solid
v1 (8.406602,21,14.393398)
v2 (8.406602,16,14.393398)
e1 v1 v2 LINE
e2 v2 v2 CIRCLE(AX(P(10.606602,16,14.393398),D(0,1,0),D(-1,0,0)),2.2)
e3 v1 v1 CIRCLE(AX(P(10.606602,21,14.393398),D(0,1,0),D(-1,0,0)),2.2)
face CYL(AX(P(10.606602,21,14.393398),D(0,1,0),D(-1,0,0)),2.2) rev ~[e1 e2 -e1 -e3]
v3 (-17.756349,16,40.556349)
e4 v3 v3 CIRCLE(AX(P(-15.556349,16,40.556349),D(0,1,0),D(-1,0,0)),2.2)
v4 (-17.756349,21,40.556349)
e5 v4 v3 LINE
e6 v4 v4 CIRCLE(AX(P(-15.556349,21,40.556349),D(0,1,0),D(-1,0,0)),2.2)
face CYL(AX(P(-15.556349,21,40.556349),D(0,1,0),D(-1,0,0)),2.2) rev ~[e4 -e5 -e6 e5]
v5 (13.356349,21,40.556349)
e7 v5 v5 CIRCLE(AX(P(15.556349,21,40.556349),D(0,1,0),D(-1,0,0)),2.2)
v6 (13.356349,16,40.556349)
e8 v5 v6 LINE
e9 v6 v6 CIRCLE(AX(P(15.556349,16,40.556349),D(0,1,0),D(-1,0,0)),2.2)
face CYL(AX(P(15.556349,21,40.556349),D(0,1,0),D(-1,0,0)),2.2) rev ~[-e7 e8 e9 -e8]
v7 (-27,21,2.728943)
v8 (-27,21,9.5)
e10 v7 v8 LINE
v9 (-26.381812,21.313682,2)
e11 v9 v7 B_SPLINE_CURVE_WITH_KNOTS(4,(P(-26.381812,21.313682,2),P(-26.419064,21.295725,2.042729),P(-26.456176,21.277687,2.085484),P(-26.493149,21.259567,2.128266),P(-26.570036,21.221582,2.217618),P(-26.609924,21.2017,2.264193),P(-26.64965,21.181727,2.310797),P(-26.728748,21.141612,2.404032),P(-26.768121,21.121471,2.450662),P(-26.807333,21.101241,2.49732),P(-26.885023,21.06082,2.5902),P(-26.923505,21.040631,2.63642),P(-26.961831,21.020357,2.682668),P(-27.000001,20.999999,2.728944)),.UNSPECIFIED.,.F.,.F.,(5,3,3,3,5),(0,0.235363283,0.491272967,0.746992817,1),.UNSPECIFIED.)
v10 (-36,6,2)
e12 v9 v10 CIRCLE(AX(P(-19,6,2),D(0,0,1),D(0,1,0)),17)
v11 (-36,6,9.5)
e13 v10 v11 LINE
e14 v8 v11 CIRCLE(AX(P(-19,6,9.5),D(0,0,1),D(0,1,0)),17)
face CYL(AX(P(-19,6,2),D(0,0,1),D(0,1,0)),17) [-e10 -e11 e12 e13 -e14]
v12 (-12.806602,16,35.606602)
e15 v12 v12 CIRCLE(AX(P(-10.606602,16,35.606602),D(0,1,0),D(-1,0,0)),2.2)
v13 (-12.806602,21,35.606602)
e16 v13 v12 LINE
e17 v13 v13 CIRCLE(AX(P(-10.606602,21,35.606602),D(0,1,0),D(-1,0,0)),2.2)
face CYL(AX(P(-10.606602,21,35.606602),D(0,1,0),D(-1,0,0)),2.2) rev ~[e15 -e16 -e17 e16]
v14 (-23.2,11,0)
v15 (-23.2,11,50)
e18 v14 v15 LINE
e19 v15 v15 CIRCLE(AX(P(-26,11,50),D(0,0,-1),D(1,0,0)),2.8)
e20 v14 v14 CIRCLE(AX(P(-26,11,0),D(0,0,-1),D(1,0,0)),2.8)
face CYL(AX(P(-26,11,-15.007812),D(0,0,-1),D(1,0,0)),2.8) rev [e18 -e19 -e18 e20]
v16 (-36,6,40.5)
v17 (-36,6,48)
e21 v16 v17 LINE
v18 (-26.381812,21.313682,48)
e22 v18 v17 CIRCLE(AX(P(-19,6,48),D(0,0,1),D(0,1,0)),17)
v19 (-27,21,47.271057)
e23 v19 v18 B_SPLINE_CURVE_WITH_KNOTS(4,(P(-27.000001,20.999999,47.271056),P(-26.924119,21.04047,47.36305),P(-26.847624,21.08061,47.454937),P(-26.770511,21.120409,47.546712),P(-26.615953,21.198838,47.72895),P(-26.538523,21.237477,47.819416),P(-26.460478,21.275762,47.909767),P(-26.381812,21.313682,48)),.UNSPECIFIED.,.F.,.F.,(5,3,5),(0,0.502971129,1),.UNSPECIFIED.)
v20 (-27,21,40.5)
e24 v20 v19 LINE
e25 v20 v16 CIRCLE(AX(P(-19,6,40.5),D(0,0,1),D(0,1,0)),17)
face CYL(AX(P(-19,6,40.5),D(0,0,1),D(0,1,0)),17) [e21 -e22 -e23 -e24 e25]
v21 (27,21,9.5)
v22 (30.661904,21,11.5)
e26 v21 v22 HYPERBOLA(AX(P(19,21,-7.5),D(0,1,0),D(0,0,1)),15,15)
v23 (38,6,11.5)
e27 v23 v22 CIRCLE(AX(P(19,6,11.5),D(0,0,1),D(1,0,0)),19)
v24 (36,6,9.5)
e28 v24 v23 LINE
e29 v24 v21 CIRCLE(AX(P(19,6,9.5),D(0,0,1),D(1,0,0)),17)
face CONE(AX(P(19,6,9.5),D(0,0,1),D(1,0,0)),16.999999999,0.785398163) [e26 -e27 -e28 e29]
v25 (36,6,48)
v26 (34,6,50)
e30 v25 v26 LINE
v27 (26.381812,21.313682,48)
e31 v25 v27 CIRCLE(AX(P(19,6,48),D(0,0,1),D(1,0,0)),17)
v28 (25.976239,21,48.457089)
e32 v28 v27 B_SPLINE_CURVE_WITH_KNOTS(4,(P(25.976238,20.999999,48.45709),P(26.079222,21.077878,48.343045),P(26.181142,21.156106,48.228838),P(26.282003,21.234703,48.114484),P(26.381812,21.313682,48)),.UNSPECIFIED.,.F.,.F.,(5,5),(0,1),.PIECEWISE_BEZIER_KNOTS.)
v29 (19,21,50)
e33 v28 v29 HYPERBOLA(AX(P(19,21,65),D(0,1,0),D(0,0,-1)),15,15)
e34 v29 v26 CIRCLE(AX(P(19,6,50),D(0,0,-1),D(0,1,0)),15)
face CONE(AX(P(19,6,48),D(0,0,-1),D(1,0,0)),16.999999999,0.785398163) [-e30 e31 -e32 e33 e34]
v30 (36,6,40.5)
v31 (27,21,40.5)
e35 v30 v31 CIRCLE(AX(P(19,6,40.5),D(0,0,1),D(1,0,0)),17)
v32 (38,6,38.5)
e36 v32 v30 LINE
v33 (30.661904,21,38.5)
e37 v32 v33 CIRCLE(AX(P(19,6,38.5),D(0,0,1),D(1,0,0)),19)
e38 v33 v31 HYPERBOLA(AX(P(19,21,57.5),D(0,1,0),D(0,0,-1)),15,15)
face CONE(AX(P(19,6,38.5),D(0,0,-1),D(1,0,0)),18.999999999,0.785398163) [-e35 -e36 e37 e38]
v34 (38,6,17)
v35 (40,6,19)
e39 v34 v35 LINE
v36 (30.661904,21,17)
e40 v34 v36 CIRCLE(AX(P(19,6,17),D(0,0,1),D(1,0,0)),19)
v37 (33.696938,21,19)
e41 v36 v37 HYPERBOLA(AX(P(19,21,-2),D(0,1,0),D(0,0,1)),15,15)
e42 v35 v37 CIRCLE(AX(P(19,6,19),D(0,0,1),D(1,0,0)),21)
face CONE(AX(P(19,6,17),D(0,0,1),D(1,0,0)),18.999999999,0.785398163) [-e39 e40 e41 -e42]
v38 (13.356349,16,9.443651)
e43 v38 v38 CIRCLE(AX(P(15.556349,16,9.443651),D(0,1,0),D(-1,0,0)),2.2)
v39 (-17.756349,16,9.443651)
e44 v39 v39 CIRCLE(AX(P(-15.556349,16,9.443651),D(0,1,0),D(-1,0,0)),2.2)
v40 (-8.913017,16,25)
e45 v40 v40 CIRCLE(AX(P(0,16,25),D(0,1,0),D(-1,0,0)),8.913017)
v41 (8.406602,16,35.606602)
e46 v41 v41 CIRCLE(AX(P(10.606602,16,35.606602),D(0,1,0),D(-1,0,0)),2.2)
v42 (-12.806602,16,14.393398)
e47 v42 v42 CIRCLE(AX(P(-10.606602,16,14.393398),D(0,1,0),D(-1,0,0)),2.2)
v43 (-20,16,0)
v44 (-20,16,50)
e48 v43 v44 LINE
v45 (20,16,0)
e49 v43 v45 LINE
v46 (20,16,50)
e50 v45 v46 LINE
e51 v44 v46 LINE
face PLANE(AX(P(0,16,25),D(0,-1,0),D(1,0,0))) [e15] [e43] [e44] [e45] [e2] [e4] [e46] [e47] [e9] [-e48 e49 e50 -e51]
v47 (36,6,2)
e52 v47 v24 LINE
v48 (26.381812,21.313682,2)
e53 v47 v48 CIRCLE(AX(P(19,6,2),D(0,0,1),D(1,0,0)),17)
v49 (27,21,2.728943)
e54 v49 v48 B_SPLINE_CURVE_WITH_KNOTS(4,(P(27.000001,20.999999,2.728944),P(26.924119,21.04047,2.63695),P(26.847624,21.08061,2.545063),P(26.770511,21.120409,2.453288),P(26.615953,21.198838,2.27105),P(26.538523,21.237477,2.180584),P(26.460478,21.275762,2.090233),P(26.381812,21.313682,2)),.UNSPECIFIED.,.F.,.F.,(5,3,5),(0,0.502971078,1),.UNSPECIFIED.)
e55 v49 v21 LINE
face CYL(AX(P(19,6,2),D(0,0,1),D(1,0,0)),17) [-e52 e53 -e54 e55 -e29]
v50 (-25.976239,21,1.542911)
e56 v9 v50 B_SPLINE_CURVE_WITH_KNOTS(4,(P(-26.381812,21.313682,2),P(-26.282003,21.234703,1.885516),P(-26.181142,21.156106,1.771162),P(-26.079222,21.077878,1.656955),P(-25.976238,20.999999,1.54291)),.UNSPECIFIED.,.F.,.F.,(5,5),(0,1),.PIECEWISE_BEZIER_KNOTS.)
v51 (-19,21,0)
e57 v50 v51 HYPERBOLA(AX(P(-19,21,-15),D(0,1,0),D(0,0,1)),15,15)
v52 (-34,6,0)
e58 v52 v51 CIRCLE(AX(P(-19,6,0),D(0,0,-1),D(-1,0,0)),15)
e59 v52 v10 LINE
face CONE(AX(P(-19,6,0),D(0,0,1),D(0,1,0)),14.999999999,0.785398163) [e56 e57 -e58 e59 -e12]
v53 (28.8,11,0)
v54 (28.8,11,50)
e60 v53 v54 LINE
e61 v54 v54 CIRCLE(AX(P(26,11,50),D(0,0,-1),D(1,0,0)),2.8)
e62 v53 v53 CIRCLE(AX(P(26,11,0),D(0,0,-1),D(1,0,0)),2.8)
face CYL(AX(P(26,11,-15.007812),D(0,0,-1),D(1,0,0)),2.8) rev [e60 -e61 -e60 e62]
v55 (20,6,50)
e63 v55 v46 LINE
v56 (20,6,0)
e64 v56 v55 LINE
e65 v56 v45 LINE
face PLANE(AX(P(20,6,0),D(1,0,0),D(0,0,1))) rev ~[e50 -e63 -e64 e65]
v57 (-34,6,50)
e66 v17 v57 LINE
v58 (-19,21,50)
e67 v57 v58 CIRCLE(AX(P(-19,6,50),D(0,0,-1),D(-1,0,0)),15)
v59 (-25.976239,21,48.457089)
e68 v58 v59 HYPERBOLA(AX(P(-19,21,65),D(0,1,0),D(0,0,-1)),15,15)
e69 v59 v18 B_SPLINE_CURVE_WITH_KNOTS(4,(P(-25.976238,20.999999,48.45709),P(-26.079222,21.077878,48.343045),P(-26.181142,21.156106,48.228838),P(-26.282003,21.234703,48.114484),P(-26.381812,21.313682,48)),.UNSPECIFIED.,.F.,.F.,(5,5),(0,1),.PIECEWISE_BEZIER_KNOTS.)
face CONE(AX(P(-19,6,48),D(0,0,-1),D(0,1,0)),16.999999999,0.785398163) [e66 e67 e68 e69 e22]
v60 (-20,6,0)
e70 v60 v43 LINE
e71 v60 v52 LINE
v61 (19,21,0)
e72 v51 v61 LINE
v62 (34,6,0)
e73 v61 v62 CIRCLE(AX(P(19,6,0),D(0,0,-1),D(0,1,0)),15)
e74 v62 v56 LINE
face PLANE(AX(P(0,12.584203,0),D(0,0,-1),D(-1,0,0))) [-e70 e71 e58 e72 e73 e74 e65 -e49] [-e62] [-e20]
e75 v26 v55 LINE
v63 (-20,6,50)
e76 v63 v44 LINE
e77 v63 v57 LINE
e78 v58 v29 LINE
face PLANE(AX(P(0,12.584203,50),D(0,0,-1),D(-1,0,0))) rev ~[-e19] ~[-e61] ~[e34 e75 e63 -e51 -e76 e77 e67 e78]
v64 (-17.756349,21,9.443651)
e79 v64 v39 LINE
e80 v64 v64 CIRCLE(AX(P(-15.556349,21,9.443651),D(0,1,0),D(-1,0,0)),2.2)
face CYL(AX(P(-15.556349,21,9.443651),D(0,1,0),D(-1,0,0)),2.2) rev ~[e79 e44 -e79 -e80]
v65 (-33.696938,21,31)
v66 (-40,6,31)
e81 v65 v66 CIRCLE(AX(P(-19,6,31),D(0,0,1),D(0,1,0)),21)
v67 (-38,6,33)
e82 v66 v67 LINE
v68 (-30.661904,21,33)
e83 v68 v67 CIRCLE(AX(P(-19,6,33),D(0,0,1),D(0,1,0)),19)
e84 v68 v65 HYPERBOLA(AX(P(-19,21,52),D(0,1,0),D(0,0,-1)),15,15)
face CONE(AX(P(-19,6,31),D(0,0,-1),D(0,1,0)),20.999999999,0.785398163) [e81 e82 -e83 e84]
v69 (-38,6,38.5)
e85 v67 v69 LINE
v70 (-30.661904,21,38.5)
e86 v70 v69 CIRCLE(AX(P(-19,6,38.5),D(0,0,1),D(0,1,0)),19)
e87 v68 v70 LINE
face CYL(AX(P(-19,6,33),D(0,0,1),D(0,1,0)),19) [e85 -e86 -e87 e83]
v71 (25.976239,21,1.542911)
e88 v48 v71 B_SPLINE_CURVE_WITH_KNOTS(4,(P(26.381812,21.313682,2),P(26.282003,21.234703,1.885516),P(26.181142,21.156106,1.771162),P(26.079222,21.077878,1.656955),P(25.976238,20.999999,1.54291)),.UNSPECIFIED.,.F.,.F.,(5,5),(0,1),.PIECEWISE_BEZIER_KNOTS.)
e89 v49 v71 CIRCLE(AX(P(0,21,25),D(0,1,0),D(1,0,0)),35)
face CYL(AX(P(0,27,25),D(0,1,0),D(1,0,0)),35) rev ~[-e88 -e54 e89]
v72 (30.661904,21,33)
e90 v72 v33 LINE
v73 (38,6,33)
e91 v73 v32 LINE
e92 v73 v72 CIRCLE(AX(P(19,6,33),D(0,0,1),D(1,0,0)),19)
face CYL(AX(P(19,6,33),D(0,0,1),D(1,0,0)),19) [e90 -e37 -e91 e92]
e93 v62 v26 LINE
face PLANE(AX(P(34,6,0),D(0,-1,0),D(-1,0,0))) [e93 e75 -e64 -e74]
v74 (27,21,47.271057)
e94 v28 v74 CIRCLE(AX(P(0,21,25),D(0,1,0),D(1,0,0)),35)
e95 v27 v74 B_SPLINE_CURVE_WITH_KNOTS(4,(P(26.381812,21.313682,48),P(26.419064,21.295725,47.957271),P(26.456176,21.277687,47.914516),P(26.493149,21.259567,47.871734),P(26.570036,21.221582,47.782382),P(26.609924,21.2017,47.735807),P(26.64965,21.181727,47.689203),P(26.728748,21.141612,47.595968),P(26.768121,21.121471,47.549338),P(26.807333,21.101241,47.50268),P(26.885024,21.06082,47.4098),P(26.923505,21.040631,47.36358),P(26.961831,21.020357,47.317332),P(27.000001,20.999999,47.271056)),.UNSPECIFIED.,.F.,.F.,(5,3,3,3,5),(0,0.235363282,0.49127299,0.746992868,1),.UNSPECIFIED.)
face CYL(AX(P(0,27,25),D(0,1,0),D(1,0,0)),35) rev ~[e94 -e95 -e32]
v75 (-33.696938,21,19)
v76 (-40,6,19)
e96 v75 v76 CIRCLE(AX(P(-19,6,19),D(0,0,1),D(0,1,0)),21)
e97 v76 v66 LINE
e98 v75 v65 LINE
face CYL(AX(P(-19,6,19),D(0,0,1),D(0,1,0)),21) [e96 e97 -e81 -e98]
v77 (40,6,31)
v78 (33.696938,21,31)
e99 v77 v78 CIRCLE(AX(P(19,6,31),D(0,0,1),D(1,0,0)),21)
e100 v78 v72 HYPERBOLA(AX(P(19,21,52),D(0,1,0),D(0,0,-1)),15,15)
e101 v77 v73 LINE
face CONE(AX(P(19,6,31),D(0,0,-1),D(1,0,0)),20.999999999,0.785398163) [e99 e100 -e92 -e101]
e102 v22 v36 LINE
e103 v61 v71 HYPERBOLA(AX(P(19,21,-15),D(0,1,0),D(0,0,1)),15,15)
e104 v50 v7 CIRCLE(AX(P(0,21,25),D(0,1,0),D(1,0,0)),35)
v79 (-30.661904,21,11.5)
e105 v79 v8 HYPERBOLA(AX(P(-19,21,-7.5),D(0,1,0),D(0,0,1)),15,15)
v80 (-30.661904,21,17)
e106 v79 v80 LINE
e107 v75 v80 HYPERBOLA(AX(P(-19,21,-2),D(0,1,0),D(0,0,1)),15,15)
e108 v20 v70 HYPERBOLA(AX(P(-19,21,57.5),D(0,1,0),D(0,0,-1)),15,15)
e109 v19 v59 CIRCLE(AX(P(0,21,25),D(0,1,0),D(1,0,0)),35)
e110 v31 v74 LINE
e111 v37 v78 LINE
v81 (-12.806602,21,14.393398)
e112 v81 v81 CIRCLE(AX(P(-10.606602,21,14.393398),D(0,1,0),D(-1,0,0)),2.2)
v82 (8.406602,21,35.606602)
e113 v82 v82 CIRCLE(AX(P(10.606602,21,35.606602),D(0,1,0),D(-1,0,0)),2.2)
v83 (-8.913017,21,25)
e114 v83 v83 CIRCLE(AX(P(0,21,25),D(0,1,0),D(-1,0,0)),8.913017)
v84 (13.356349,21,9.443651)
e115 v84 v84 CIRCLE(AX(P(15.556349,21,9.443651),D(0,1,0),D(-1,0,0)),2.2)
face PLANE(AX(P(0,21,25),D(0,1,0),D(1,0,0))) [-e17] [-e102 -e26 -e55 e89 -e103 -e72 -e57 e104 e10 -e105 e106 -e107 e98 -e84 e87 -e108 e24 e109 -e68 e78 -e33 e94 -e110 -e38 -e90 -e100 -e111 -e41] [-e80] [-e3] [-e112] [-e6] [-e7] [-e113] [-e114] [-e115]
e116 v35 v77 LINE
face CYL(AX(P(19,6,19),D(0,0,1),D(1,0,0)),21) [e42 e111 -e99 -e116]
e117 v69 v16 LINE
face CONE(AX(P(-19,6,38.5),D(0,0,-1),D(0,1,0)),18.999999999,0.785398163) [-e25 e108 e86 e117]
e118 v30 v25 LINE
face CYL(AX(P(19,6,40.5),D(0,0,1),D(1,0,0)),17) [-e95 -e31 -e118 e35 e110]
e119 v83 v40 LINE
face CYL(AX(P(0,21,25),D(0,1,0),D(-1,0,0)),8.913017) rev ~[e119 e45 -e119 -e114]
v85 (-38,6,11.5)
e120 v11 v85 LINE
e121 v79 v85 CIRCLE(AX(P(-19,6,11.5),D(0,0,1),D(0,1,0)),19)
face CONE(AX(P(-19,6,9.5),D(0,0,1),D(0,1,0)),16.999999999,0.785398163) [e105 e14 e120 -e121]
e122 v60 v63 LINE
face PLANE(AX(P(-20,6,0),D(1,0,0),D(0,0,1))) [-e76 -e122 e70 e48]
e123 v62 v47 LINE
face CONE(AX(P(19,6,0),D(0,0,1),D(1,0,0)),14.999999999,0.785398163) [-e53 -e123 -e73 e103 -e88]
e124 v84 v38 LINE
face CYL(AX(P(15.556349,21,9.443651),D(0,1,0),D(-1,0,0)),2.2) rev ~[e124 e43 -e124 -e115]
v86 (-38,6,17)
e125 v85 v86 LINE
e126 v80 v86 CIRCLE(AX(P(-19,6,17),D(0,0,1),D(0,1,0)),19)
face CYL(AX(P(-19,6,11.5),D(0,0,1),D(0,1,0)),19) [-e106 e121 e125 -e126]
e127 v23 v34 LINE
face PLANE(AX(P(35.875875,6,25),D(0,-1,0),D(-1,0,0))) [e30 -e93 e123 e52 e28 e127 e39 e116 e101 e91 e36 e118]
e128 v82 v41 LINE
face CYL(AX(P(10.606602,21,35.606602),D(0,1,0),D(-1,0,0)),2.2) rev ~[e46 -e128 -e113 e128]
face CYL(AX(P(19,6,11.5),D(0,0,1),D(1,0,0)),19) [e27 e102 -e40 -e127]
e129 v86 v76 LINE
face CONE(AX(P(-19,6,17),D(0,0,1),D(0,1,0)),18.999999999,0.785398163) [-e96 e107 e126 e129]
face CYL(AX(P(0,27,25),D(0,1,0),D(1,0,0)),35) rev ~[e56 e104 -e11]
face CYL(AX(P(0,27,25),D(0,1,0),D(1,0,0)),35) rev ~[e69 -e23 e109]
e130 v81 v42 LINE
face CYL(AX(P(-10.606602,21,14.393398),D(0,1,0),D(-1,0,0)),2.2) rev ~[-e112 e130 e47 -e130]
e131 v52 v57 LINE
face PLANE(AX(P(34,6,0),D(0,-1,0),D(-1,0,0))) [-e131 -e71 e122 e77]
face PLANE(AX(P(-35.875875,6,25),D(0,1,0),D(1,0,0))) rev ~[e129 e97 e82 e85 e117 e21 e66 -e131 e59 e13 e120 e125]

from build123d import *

# Parameters (mm, degrees)
BOSS_EXTRUDE1_DEPTH     = 50
SKETCH5_W               = 40
SKETCH5_H               = 50
CUT_EXTRUDE4_DEPTH      = 10
SKETCH6_R               = 7.5
CUT_EXTRUDE5_DEPTH      = 15
CUT_EXTRUDE6_DEPTH      = 65.007812023
CUT_EXTRUDE6_DEPTH_BACK = 65.007812023
SKETCH7_R               = 2.8
SKETCH8_R               = 8.913017029
SKETCH8_R_2             = 2.2
CUT_EXTRUDE7_DEPTH      = 10
SKETCH12_R              = 35
CUT_EXTRUDE8_DEPTH      = 6


with BuildPart() as part:
    # Sketch1 → Boss-Extrude1 (new body)
    with BuildSketch(Plane.XY):
        with BuildLine():
            Line((34, 6), (-34, 6))
            ThreePointArc((-34, 6), (-29.606601718, 16.606601718), (-19, 21))
            Line((-19, 21), (19, 21))
            ThreePointArc((19, 21), (29.606601718, 16.606601718), (34, 6))
        make_face()
    extrude(amount=BOSS_EXTRUDE1_DEPTH)

    # Sketch5 → Cut-Extrude4 (cut)
    with BuildSketch(Plane.XZ.offset(-6)):
        with Locations((0, 25)):
            Rectangle(SKETCH5_W, SKETCH5_H)
    extrude(amount=-CUT_EXTRUDE4_DEPTH, mode=Mode.SUBTRACT)

    # Sketch6 → Cut-Extrude5 (cut)
    with BuildSketch(Plane(origin=(0, 21, 0), x_dir=(1, 0, 0), z_dir=(0, 1, 0))):
        with Locations(Location((0, -25, 0), (0, 0, 270))):
            Circle(SKETCH6_R)
    extrude(amount=-CUT_EXTRUDE5_DEPTH, mode=Mode.SUBTRACT)

    # Sketch7 → Cut-Extrude6 (cut, two sides: drawn at the far end of the back side and taken through both)
    with BuildSketch(Plane.XY.offset(50).offset(-CUT_EXTRUDE6_DEPTH_BACK)):
        with Locations((-26, 11)):
            Circle(SKETCH7_R)
        with Locations((26, 11)):
            Circle(SKETCH7_R)
    extrude(amount=CUT_EXTRUDE6_DEPTH + CUT_EXTRUDE6_DEPTH_BACK, mode=Mode.SUBTRACT)

    # Sketch8 → Cut-Extrude7 (cut)
    with BuildSketch(Plane(origin=(0, 21, 0), x_dir=(1, 0, 0), z_dir=(0, 1, 0))):
        with Locations(Location((0, -25, 0), (0, 0, 180))):
            Circle(SKETCH8_R)
        with Locations(Location((10.606601718, -14.393398282, 0), (0, 0, 180))):
            Circle(SKETCH8_R_2)
        with Locations(Location((15.556349186, -9.443650814, 0), (0, 0, 180))):
            Circle(SKETCH8_R_2)
        with Locations(Location((-10.606601718, -14.393398282, 0), (0, 0, 180))):
            Circle(SKETCH8_R_2)
        with Locations(Location((-15.556349186, -9.443650814, 0), (0, 0, 180))):
            Circle(SKETCH8_R_2)
        with Locations(Location((-10.606601718, -35.606601718, 0), (0, 0, 180))):
            Circle(SKETCH8_R_2)
        with Locations(Location((-15.556349186, -40.556349186, 0), (0, 0, 180))):
            Circle(SKETCH8_R_2)
        with Locations(Location((10.606601718, -35.606601718, 0), (0, 0, 180))):
            Circle(SKETCH8_R_2)
        with Locations(Location((15.556349186, -40.556349186, 0), (0, 0, 180))):
            Circle(SKETCH8_R_2)
    extrude(amount=-CUT_EXTRUDE7_DEPTH, mode=Mode.SUBTRACT)

    # Sweep2: sweep along a path in Sketch11
    with BuildLine(Plane(origin=(0, 0, 0), x_dir=(-1, 0, 0), z_dir=(0, 0, -1))) as sweep2_path:
        ThreePointArc((-34, 6), (-29.606601718, 16.606601718), (-19, 21))
        Line((-19, 21), (19, 21))
        ThreePointArc((19, 21), (29.606601718, 16.606601718), (34, 6))
    # Sketch9 → Sweep2 (sweep)
    with BuildSketch(Plane.XZ.offset(-6)):
        Polygon((34, 0), (36, 2), (36, 9.5), (38, 11.5), (38, 17), (40, 19), (40, 31), (38, 33), (38, 38.5), (36, 40.5), (36, 48), (34, 50), align=None)
    sweep(path=sweep2_path.line)

    # Sketch12 → Cut-Extrude8 (cut)
    with BuildSketch(Plane(origin=(0, 27, 0), x_dir=(1, 0, 0), z_dir=(0, 1, 0))):
        with Locations((0, -25)):
            Circle(SKETCH12_R)
    extrude(amount=-CUT_EXTRUDE8_DEPTH, mode=Mode.SUBTRACT)


solid = part.part
